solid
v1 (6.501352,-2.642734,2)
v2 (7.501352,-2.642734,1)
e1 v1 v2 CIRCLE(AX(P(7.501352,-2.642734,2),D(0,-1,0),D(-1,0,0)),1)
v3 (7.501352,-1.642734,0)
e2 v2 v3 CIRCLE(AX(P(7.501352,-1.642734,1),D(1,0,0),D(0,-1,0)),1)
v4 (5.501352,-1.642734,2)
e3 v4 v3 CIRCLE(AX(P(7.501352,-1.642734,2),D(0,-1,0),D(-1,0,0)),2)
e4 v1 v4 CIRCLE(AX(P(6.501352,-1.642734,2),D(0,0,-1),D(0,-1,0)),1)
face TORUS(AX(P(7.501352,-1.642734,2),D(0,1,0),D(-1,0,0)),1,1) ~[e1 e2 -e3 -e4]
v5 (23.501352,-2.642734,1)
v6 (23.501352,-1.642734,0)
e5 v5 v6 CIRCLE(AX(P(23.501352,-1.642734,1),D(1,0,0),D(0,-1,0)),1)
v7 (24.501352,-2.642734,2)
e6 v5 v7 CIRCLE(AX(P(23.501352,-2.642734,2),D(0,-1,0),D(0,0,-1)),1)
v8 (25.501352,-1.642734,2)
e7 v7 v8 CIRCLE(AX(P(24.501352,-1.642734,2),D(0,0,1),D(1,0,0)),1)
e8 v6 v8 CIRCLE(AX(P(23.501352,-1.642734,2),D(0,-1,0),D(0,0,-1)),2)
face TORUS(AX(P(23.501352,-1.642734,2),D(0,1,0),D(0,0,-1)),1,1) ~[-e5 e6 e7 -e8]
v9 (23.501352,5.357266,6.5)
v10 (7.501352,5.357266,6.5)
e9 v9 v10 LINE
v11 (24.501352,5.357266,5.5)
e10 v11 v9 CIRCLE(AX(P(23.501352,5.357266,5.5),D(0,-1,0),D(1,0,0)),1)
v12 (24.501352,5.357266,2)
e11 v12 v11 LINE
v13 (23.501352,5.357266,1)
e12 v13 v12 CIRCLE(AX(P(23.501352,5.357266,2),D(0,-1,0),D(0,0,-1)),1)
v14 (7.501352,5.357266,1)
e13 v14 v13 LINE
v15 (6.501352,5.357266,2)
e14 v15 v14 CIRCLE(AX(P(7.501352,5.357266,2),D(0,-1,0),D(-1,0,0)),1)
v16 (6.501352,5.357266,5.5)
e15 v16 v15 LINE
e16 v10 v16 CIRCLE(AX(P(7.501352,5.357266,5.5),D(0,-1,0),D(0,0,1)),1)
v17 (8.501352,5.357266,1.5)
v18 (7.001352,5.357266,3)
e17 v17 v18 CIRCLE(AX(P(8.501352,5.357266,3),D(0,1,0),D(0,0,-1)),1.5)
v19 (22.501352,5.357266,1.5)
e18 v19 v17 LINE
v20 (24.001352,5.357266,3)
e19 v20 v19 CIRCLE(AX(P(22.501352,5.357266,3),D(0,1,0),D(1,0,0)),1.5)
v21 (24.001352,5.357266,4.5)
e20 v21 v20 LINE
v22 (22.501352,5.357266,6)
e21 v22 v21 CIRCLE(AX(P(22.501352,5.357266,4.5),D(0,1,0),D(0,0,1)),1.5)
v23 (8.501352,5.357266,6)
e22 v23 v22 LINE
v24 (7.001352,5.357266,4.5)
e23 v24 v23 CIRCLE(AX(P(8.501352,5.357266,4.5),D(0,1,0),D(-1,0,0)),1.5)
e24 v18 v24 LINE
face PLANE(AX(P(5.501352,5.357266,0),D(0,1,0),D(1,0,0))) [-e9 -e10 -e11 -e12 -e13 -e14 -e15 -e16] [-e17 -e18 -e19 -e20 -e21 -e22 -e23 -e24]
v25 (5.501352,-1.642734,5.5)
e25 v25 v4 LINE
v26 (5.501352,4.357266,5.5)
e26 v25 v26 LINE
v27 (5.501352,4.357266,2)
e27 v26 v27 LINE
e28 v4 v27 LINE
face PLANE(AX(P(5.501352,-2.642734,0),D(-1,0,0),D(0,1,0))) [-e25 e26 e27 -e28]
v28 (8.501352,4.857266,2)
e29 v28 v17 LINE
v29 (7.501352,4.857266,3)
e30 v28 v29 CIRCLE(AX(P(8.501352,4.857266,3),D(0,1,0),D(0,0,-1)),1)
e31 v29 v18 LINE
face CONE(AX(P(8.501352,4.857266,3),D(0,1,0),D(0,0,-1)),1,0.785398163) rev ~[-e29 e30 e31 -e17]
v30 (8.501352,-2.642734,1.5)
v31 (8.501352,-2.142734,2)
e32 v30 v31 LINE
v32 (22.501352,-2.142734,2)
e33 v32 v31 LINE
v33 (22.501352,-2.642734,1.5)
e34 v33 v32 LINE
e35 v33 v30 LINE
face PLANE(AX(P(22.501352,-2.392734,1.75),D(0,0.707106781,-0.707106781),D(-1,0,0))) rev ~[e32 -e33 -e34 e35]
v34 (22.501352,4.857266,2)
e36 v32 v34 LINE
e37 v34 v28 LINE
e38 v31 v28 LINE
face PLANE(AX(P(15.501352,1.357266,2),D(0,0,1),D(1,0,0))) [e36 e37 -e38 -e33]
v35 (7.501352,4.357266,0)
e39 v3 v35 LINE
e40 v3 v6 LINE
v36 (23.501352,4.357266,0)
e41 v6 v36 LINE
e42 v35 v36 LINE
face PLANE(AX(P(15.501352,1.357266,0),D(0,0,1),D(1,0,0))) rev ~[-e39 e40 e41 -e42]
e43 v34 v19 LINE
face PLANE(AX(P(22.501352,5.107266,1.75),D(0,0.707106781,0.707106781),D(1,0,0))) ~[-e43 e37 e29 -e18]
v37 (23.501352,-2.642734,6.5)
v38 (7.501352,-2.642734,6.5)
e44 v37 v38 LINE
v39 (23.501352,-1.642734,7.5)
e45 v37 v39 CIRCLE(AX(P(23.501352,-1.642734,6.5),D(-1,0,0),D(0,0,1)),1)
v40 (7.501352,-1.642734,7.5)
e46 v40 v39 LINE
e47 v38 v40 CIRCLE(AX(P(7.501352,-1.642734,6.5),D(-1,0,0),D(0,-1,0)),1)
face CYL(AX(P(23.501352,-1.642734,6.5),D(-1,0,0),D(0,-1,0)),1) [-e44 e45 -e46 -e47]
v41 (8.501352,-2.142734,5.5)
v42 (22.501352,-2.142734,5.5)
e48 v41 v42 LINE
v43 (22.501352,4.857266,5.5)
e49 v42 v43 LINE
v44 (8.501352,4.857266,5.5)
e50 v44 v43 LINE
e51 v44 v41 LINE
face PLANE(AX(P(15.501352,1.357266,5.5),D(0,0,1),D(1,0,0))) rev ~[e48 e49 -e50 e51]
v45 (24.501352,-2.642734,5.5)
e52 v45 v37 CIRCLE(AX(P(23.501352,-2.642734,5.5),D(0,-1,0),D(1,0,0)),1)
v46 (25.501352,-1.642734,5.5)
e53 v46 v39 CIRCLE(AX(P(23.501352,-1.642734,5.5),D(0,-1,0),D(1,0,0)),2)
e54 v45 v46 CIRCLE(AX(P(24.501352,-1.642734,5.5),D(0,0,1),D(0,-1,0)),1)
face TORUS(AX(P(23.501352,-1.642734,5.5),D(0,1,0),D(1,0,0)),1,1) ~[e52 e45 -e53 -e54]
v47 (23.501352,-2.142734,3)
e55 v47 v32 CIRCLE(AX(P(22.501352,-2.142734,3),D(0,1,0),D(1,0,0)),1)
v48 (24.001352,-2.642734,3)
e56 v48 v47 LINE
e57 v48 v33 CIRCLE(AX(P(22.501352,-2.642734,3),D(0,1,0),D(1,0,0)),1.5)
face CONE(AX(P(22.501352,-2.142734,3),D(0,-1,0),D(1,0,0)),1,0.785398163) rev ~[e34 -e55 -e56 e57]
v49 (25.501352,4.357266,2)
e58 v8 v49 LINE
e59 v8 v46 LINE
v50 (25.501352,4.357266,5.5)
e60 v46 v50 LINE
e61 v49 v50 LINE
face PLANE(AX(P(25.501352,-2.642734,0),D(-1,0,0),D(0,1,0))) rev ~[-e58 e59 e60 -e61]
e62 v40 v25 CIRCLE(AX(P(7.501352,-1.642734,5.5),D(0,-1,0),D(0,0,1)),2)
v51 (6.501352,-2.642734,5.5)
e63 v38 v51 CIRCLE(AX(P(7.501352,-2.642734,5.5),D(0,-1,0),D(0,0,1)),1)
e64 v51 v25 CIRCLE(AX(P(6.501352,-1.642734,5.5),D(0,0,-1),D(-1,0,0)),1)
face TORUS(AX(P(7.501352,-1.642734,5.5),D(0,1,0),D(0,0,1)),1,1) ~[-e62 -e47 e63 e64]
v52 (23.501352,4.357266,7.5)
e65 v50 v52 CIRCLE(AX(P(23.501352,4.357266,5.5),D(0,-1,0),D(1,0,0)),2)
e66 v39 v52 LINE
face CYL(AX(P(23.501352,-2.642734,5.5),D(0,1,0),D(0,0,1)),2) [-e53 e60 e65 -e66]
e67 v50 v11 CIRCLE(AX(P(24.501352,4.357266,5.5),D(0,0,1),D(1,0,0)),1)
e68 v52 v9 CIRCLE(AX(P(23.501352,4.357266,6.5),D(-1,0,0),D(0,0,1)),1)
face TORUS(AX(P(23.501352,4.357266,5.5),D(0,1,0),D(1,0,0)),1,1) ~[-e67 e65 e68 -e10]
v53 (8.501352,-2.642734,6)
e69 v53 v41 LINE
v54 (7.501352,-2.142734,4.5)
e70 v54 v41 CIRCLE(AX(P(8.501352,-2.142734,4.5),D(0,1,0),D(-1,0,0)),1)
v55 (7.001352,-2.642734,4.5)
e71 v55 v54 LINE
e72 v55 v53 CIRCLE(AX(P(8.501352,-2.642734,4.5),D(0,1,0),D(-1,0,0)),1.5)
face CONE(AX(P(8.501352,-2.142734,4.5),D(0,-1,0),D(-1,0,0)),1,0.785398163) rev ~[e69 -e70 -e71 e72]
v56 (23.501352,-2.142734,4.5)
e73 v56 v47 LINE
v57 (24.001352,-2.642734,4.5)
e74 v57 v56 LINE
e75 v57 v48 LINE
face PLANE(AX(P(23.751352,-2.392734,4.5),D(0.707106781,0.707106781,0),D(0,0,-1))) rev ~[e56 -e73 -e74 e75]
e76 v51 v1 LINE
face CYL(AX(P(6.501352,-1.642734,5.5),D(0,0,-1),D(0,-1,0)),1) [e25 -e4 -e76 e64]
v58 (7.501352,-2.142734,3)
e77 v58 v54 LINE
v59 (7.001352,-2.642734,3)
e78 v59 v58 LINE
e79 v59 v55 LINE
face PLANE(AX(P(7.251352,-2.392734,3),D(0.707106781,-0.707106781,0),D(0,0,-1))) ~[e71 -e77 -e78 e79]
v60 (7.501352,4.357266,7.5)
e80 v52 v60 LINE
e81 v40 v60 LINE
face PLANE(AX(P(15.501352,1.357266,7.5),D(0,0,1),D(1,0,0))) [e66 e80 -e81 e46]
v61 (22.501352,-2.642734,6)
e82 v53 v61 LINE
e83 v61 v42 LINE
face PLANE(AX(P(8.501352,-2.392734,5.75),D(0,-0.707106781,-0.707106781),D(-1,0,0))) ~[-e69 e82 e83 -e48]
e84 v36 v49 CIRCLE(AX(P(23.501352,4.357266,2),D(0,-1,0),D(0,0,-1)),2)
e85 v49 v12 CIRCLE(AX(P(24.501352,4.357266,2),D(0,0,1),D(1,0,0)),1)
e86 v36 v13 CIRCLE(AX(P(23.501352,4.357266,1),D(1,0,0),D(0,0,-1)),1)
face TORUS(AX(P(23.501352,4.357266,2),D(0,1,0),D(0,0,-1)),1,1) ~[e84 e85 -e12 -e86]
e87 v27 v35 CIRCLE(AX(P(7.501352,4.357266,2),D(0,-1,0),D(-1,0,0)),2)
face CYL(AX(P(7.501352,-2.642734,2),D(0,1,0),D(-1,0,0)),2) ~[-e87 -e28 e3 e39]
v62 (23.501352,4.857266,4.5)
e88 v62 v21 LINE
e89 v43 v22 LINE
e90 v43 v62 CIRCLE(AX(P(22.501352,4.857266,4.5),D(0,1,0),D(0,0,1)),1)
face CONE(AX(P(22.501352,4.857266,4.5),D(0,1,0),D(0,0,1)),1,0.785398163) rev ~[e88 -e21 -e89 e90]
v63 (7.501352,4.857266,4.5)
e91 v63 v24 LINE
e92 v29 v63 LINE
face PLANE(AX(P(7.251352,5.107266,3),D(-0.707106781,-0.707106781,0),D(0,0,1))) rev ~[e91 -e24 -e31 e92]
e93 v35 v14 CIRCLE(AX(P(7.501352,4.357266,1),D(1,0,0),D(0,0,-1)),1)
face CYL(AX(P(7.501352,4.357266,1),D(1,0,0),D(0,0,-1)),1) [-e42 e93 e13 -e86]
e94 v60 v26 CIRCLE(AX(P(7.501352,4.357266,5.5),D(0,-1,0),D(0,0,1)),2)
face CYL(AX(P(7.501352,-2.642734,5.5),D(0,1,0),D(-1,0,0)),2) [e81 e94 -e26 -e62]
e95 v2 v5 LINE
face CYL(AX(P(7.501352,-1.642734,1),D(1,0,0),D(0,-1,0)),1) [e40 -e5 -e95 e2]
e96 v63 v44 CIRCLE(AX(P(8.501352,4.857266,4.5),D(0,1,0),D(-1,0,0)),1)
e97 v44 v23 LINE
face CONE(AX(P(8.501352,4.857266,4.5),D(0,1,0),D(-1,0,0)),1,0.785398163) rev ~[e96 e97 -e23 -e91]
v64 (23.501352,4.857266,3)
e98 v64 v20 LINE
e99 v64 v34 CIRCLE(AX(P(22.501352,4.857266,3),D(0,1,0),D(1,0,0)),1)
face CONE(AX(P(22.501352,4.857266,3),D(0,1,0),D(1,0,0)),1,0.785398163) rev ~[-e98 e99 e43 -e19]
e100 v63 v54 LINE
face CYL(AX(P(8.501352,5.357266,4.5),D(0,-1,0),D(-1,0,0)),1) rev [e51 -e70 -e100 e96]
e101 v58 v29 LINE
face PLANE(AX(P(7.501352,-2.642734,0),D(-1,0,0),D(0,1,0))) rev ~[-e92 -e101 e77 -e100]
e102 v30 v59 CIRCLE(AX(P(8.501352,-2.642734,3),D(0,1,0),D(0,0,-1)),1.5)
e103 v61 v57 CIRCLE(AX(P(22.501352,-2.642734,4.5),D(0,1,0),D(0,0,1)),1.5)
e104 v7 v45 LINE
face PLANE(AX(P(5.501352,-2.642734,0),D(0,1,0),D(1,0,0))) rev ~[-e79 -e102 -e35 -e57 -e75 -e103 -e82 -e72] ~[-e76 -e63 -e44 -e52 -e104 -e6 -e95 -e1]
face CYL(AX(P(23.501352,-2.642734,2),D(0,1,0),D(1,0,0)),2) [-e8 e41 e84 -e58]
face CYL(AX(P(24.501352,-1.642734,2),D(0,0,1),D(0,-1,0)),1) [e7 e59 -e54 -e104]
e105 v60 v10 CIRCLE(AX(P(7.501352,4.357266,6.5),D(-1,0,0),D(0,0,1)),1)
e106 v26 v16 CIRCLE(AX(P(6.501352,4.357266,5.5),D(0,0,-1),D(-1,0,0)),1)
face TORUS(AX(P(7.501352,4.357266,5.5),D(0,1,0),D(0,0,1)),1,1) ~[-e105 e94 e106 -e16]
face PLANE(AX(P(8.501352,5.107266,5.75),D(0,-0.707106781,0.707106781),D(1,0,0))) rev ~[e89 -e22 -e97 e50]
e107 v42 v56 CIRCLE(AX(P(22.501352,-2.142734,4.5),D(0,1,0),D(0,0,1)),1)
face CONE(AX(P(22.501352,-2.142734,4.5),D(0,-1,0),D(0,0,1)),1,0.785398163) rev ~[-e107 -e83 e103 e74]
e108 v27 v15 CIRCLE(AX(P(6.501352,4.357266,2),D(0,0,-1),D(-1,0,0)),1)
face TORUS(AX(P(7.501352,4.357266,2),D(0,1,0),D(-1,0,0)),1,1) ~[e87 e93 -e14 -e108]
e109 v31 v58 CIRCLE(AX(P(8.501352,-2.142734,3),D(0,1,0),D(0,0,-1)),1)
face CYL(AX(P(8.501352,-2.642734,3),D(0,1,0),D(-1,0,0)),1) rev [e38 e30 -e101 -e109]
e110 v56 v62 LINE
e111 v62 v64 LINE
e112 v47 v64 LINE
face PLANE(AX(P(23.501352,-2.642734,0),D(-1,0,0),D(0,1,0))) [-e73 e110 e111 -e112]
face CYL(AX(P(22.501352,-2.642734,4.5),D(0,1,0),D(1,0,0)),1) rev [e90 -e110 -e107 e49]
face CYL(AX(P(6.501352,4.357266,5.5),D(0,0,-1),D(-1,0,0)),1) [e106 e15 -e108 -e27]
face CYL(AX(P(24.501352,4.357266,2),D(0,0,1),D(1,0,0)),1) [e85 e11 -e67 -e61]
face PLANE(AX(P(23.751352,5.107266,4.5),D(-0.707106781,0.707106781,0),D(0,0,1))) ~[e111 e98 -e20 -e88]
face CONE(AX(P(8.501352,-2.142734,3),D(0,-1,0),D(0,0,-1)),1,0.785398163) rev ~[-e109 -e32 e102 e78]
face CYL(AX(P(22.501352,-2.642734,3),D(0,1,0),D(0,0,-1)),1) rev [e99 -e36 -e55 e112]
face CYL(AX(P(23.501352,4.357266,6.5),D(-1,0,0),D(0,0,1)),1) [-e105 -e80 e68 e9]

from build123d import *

# Parameters (mm, degrees)
F0_W     = 20
F0_H     = 8
F1_DEPTH = 7.5
F2_T     = -2
F3_DEPTH = 25
F4_R     = 2
F5_R     = 1
F6_R     = 1
F7_SIZE  = 0.5
F9_DEPTH = 1


with BuildPart() as f1:
    # F0 (on Top) → F1 (new body)
    with BuildSketch(Plane.XY):
        with Locations((15.5013518035, 1.3572655581)):
            Rectangle(F0_W, F0_H)
    extrude(amount=F1_DEPTH)

    # F2
    f2_openings = [f1.faces().sort_by_distance(p)[0] for p in [
        (15.501352, -2.642734, 3.75),
    ]]
    offset(amount=F2_T, openings=f2_openings)

    # F3 (cut): a face of the model
    f3_faces = [f1.faces().sort_by_distance(p)[0] for p in [
        (15.5013518035, 3.3572655581, 3.75),
    ]]
    extrude(f3_faces, amount=-F3_DEPTH, mode=Mode.SUBTRACT)

    # F4
    f4_edges = [f1.edges().sort_by_distance(p)[0] for p in [
        (25.501352, 1.357266, 7.5),
        (25.501352, 1.357266, 0),
        (5.501352, 1.357266, 7.5),
        (5.501352, 1.357266, 0),
    ]]
    fillet(f4_edges, radius=F4_R)

    # F5
    f5_edges = [f1.edges().sort_by_distance(p)[0] for p in [
        (7.501352, 1.357266, 5.5),
        (7.501352, 1.357266, 2),
        (23.501352, 1.357266, 5.5),
        (23.501352, 1.357266, 2),
    ]]
    fillet(f5_edges, radius=F5_R)

    # F6
    f6_edges = [f1.edges().sort_by_distance(p)[0] for p in [
        (15.501352, -2.642734, 0),
        (15.501352, 5.357266, 0),
    ]]
    fillet(f6_edges, radius=F6_R)

    # F7
    f7_edges = [f1.edges().sort_by_distance(p)[0] for p in [
        (15.501352, -2.642734, 5.5),
        (15.501352, 5.357266, 5.5),
    ]]
    chamfer(f7_edges, length=F7_SIZE)

    # F8 (on face) → F9 (join)
    with BuildSketch(Plane.XY.offset(7.5)):
        Polygon((9.5939766616, 4.3572655581), (8.2856733352, 4.3572655581), (8.2856733352, -1.6427344419), (9.5939766616, -1.6427344419), (9.5939766616, 1.0383471381), (10.6051471084, -1.6427344419), (12.1620288119, -1.6427344419), (10.7613857836, 1.5246823896), (12.1620288119, 4.3572655581), (10.5070443824, 4.3572655581), (9.5939766616, 2.1014690865), align=None)
        Polygon((16.4463743567, 4.3572655581), (12.1620288119, 4.3572655581), (12.1620288119, -1.6427344419), (16.4463743567, -1.6427344419), (16.4463743567, 1.214308897), (14.3119534478, 1.214308897), (14.3119534478, 0.6480877637), (15.4404239729, 0.6480877637), (15.4404239729, 0), (13.5471438989, 0), (13.5471438989, 3.0533354729), (15.4435969889, 3.0533354729), (15.4435969889, 2.0766169764), (16.4463743567, 2.0766169764), align=None)
    extrude(amount=-F9_DEPTH)


solid = f1.part
